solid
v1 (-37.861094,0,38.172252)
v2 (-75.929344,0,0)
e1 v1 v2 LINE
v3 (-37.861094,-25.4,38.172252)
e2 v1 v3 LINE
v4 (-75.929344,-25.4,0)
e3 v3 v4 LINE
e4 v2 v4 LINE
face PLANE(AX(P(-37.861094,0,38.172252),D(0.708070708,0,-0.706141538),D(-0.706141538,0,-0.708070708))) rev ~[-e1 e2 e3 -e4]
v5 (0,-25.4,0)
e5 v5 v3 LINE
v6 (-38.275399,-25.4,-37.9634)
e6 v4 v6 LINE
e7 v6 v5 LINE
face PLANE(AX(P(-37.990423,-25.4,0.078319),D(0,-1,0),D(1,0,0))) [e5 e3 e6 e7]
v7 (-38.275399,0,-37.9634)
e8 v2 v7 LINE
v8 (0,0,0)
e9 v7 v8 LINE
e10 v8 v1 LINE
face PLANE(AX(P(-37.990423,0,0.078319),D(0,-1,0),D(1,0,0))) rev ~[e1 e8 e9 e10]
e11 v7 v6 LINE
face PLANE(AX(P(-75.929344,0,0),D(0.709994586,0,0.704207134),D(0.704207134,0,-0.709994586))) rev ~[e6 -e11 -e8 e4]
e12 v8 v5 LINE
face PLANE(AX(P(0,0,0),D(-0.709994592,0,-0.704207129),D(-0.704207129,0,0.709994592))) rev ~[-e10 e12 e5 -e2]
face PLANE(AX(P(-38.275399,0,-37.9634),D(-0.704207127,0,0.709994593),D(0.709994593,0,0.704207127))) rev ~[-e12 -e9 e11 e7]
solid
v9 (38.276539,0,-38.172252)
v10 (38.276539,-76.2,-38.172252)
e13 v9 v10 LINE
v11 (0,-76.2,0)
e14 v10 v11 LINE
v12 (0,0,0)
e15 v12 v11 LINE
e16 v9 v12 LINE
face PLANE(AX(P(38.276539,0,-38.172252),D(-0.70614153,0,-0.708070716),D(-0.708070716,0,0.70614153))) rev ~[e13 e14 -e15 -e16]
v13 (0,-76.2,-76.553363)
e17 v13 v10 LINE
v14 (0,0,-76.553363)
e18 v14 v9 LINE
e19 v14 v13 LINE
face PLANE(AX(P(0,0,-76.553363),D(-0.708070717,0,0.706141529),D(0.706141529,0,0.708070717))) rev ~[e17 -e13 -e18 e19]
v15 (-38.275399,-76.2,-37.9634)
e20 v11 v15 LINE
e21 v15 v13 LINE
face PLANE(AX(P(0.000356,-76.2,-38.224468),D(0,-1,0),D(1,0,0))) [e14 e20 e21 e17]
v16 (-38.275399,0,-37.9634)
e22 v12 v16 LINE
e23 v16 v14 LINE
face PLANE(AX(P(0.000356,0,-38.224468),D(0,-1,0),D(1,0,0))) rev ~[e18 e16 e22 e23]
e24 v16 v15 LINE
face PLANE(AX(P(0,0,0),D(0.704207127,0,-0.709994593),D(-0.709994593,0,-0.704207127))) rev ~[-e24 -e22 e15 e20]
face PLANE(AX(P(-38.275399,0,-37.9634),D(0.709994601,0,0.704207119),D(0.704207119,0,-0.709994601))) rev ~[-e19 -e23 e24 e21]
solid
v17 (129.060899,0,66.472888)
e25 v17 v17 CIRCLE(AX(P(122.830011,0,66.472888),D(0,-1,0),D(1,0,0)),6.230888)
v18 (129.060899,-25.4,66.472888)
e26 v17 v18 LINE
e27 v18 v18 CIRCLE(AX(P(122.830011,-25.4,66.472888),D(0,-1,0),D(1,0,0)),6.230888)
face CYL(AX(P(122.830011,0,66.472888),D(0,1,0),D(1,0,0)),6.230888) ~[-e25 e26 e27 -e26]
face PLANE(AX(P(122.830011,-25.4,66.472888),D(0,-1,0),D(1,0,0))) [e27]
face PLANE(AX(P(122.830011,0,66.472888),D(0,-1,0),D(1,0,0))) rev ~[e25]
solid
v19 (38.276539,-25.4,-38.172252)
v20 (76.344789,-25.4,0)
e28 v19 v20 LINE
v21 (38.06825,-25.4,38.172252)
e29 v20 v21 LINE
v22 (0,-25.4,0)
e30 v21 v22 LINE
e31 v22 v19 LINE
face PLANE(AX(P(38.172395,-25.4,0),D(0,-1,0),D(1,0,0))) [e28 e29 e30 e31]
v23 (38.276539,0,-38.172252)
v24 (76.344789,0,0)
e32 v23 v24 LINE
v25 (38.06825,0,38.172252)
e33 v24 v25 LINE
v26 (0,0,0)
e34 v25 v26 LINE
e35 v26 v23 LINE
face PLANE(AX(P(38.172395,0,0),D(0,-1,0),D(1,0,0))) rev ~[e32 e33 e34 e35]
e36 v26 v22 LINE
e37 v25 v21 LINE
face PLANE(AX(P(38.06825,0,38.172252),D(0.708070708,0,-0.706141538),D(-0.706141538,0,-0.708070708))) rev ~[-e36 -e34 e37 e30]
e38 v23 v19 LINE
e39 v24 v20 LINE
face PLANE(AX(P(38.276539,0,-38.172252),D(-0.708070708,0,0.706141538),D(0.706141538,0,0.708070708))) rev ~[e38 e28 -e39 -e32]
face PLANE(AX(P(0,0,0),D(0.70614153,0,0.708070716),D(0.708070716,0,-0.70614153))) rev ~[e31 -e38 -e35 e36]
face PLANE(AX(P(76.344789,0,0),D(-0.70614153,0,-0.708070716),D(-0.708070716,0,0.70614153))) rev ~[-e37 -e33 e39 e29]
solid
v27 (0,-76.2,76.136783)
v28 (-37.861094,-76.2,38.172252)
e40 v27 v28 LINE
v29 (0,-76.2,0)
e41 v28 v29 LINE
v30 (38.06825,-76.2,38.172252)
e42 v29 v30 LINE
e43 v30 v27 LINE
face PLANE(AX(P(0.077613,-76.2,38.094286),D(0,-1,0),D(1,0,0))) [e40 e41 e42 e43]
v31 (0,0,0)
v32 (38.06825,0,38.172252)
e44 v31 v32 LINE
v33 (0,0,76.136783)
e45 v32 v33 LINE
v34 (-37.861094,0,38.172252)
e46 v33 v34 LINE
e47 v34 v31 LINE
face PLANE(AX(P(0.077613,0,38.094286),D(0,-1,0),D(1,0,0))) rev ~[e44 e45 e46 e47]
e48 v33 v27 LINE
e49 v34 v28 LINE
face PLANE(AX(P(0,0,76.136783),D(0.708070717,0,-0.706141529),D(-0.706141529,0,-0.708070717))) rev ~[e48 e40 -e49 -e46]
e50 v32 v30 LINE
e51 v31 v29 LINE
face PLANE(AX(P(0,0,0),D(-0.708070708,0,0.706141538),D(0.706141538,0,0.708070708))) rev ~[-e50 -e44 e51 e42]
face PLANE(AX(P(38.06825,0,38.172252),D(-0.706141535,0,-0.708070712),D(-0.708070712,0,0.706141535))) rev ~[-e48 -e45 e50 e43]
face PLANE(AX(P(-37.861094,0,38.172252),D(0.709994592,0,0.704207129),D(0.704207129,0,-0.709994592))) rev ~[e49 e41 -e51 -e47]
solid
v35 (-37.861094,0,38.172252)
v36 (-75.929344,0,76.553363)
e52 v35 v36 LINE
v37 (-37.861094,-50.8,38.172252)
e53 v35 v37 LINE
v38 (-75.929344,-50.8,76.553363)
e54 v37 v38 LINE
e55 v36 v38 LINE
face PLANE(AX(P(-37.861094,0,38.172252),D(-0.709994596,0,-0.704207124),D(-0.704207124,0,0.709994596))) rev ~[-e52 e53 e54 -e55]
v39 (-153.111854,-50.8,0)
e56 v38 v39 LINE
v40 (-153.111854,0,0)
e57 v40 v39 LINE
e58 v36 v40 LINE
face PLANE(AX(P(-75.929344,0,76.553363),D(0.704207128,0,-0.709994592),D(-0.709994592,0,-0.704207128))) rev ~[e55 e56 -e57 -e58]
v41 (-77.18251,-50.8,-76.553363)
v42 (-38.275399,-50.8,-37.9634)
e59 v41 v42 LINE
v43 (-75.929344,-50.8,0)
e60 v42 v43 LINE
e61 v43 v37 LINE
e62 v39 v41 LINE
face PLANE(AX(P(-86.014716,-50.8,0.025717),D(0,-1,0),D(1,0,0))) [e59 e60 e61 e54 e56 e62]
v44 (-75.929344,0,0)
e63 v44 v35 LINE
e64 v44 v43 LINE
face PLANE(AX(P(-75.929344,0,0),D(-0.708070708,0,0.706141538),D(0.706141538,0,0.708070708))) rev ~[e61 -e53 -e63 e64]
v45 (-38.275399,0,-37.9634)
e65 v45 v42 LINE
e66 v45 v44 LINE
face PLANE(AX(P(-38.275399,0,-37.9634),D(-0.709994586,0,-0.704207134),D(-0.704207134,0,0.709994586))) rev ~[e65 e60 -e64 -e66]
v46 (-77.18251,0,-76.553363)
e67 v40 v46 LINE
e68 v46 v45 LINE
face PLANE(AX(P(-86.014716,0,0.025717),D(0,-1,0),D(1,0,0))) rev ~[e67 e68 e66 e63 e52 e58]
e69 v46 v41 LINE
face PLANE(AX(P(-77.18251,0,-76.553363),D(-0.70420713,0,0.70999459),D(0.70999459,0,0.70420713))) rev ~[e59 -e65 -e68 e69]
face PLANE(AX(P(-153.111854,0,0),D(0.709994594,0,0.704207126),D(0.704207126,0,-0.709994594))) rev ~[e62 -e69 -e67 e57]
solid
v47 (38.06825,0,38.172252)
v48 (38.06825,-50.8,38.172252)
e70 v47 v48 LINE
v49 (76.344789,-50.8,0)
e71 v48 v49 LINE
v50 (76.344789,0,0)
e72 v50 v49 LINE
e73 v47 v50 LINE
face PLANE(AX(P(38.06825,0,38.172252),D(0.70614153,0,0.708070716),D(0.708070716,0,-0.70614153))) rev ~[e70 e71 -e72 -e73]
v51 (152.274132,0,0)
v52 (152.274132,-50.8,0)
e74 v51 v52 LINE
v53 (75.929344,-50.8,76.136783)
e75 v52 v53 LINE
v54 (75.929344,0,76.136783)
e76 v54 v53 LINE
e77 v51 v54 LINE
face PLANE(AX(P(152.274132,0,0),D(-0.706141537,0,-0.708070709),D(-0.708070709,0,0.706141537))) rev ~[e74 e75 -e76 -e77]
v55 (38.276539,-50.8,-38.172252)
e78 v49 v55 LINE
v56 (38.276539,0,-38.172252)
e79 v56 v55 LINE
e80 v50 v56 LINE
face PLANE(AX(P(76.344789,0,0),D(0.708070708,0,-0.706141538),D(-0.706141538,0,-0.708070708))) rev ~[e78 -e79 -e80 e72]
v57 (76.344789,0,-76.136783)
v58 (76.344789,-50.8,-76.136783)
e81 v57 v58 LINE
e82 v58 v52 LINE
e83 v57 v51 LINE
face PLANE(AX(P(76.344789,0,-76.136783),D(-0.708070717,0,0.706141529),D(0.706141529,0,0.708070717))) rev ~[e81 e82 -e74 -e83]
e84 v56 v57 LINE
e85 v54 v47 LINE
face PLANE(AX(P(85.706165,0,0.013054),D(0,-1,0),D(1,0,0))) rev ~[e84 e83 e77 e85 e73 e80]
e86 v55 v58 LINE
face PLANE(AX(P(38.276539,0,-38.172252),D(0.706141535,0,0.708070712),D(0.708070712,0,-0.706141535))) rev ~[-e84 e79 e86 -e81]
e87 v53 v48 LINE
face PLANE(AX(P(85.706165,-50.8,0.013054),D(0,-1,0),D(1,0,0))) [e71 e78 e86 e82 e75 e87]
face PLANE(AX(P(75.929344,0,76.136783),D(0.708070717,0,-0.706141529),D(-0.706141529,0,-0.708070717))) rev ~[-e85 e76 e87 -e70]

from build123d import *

# Parameters (mm, degrees)
F1_DEPTH = 25.4
F2_DEPTH = 50.8
F3_DEPTH = 76.2
F4_R     = 6.230888
F5_DEPTH = 25.4


with BuildPart() as f1:
    # F0 (on Front) → F1 (new body)
    with BuildSketch(Plane.XZ):
        Polygon((-37.861094, 38.172252), (-75.929344, 0), (-38.275399, -37.9634), (0, 0), align=None)
        Polygon((38.06825, 38.172252), (0, 0), (38.276539, -38.172252), (76.344789, 0), align=None)
    extrude(amount=F1_DEPTH)


with BuildPart() as f2:
    # F0 (on Front) → F2 (new body)
    with BuildSketch(Plane.XZ):
        Polygon((-38.275399, -37.9634), (-75.929344, 0), (-37.861094, 38.172252), (-75.929344, 76.553363), (-153.111854, 0), (-77.18251, -76.553363), align=None)
        Polygon((75.929344, 76.136783), (38.06825, 38.172252), (76.344789, 0), (38.276539, -38.172252), (76.344789, -76.136783), (152.274132, 0), align=None)
    extrude(amount=F2_DEPTH)


with BuildPart() as f3:
    # F0 (on Front) → F3 (new body)
    with BuildSketch(Plane.XZ):
        Polygon((0, 76.136783), (-37.861094, 38.172252), (0, 0), (38.06825, 38.172252), align=None)
        Polygon((0, 0), (-38.275399, -37.9634), (0, -76.553363), (38.276539, -38.172252), align=None)
    extrude(amount=F3_DEPTH)


with BuildPart() as f5:
    # F4 (on Front) → F5 (new body)
    with BuildSketch(Plane.XZ):
        with Locations((122.830011, 66.472888)):
            Circle(F4_R)
    extrude(amount=F5_DEPTH)


solid = Compound([f1.part, f2.part, f3.part, f5.part])
